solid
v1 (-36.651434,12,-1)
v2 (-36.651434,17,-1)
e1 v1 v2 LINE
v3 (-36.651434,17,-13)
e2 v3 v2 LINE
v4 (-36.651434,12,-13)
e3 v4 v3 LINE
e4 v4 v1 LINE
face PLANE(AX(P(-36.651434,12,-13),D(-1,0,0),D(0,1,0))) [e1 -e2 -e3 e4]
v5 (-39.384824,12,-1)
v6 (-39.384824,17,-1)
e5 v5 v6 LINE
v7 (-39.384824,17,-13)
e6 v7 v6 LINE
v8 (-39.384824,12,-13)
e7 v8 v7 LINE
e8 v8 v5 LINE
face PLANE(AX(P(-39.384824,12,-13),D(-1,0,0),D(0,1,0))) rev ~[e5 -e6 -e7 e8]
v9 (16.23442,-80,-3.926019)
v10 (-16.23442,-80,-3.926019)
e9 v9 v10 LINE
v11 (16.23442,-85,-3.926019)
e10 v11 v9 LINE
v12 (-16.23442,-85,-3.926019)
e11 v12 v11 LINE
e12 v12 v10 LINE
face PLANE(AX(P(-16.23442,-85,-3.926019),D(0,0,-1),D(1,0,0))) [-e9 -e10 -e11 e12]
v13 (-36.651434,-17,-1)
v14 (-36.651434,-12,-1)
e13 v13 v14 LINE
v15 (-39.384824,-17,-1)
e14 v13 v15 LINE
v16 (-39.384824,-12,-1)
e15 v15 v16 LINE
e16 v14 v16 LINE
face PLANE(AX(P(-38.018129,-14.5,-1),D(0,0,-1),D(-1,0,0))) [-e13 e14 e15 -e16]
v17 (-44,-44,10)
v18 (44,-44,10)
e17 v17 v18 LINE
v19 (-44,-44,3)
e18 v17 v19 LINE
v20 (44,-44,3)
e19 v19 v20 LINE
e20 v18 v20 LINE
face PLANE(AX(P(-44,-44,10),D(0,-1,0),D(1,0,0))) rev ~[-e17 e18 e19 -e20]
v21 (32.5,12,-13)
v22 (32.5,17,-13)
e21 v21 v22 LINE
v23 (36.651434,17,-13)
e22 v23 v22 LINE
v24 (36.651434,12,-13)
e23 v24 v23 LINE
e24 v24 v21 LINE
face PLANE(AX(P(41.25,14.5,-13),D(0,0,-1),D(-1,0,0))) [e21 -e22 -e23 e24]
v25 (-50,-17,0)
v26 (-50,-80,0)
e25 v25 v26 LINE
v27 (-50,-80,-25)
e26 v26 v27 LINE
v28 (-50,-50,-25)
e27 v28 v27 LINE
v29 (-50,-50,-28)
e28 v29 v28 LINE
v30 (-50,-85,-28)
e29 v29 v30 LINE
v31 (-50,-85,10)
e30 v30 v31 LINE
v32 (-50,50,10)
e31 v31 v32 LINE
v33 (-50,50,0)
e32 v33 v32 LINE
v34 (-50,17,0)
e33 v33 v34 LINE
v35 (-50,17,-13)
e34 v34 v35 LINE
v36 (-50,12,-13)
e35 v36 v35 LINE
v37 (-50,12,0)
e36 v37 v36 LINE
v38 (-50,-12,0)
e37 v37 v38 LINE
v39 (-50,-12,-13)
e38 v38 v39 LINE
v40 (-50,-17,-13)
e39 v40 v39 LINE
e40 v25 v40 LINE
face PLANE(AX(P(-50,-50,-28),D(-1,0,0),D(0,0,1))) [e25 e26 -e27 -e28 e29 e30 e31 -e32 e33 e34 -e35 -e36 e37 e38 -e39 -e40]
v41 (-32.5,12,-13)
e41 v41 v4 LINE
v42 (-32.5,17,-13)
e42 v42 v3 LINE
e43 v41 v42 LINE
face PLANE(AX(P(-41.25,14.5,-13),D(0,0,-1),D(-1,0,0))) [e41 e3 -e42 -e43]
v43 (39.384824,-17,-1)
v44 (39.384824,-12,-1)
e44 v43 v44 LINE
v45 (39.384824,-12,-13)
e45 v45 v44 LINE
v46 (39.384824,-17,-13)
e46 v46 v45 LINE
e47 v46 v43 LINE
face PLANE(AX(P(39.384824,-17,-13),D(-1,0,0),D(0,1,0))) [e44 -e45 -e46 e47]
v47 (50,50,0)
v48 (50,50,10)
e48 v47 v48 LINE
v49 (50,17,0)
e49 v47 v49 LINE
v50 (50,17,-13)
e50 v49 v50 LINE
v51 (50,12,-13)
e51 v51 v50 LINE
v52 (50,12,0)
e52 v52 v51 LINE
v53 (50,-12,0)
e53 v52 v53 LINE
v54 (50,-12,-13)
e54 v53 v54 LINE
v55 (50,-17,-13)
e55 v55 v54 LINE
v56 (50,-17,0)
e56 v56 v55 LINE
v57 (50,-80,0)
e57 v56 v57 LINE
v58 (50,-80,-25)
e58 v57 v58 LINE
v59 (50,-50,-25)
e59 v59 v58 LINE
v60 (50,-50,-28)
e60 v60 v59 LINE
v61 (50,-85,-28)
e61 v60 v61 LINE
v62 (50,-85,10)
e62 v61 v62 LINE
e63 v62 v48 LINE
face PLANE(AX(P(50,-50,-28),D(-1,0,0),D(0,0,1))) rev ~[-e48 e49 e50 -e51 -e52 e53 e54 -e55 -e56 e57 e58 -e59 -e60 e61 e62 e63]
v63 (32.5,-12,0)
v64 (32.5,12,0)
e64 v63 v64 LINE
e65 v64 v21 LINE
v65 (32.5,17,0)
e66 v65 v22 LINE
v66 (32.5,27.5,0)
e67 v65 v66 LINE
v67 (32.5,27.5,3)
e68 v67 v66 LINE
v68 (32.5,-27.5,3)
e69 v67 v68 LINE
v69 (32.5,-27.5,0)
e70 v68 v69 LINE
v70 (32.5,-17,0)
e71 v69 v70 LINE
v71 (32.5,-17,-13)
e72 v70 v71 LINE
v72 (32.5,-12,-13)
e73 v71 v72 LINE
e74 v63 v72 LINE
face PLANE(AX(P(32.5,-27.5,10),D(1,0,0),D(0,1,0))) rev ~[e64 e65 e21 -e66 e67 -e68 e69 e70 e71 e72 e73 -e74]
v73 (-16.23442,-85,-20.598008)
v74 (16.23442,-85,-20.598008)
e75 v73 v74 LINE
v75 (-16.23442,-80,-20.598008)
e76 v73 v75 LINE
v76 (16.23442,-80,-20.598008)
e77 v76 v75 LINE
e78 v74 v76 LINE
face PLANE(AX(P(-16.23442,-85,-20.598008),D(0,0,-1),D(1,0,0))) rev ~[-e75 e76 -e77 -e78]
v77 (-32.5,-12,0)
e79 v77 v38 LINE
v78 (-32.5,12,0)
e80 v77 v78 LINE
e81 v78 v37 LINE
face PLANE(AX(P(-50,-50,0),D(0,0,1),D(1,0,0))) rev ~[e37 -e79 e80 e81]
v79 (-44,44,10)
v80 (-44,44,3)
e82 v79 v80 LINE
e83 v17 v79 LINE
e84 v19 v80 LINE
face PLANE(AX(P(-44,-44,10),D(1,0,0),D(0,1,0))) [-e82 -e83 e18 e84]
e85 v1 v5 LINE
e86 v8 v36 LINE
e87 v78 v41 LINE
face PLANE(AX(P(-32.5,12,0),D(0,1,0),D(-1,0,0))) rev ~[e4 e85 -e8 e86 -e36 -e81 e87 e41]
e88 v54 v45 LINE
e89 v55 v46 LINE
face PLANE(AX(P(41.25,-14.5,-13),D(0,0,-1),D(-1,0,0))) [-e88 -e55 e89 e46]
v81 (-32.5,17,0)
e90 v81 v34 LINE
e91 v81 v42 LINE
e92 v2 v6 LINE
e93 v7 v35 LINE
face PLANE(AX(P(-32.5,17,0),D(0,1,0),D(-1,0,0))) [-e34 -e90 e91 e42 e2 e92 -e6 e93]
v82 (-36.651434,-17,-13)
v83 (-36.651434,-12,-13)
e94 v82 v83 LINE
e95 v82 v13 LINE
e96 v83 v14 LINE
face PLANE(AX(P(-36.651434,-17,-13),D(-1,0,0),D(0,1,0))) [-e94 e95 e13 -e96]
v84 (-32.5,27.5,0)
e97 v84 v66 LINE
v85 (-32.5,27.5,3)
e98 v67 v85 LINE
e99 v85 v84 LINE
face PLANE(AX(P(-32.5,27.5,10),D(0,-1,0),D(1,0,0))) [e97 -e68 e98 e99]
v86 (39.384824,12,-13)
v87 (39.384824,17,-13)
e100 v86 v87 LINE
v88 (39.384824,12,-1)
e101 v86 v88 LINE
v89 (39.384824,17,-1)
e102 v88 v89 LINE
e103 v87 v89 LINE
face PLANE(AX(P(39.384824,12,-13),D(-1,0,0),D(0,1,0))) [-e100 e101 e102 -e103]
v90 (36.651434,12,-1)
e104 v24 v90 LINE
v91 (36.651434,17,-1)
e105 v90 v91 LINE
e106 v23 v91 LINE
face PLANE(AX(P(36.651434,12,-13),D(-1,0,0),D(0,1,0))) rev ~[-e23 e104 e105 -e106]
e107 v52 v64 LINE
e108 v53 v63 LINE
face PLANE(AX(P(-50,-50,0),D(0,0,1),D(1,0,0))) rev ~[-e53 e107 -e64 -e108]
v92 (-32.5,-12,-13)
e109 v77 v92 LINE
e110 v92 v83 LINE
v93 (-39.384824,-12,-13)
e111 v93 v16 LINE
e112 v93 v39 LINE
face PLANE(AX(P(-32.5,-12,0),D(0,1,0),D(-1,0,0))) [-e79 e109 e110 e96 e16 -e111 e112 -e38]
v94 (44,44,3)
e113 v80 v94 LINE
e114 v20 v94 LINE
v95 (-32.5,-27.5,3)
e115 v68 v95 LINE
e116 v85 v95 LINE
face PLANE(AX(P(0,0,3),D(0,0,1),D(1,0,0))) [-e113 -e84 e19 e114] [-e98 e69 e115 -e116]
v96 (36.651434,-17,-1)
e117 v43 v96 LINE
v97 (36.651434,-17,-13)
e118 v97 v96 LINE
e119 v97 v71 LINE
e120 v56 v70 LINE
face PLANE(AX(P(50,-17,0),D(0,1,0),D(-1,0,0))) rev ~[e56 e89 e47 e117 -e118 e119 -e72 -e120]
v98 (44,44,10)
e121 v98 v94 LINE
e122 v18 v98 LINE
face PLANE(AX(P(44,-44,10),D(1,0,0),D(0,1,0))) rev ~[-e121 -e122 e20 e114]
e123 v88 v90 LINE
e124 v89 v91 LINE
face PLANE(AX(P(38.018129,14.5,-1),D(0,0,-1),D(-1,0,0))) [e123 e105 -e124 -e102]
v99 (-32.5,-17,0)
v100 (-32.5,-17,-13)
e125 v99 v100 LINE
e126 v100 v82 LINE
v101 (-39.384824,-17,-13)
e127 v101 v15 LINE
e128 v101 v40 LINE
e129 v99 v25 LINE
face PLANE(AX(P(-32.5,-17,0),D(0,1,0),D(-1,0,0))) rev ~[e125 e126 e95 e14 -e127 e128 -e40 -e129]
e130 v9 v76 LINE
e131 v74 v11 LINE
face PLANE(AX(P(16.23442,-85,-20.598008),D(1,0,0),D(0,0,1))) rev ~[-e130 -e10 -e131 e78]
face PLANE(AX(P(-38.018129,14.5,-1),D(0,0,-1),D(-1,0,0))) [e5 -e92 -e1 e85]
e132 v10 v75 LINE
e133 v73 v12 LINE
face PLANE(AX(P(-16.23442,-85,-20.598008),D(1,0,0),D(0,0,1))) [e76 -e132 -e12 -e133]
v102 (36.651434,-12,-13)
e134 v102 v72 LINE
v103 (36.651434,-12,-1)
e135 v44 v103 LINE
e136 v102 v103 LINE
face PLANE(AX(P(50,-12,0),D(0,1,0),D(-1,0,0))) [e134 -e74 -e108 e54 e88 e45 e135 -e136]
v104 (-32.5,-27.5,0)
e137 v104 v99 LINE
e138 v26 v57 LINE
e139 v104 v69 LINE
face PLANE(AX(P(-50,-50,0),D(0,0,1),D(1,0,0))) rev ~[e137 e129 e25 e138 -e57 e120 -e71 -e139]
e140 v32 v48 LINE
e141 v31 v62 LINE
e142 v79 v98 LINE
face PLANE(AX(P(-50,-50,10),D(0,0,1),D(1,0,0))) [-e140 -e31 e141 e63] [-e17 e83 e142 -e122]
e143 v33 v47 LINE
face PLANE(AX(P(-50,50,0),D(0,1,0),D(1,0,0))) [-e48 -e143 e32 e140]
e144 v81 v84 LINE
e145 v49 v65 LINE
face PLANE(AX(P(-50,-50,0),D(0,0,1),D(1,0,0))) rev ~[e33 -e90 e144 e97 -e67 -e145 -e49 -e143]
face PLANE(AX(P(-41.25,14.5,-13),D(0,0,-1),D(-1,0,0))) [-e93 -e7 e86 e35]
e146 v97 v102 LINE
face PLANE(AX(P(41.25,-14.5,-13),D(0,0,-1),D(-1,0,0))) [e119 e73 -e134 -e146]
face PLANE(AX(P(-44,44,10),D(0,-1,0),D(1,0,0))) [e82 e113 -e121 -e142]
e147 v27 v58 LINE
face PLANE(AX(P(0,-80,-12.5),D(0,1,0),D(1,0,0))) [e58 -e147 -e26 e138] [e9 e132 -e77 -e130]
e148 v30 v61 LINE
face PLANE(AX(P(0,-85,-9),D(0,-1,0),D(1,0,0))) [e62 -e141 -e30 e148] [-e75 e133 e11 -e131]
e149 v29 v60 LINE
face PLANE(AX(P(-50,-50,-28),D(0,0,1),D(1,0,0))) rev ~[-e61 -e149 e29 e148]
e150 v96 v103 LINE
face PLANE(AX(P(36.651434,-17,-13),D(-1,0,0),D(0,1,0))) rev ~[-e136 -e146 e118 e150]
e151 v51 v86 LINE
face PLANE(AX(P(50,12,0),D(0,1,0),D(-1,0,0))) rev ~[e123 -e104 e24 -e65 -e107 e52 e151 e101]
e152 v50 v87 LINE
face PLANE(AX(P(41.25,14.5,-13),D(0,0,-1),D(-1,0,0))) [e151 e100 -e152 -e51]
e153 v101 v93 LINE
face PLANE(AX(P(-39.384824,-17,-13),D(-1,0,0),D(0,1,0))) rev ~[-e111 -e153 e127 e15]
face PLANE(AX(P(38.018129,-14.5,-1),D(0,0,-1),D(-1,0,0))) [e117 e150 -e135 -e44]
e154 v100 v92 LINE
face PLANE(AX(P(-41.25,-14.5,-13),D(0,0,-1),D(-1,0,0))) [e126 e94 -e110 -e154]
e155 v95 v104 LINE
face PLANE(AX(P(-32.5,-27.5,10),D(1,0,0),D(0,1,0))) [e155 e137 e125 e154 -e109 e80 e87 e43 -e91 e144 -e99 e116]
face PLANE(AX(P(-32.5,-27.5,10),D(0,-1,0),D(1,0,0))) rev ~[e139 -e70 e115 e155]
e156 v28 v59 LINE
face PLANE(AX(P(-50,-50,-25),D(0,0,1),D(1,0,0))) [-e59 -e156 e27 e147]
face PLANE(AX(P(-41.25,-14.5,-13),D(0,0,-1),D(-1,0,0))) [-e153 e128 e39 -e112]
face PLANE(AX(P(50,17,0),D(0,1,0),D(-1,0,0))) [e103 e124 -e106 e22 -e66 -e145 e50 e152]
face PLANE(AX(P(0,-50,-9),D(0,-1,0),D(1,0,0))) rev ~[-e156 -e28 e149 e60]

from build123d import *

# Parameters (mm, degrees)
SKETCH_1_W          = 100
SKETCH_1_H          = 100
EXTRUDE_1_DEPTH     = 10
SKETCH_2_W          = 65
SKETCH_2_H          = 55
CUT_EXTRUDE_1_DEPTH = 11
SKETCH_3_W          = 88
SKETCH_3_H          = 88
CUT_EXTRUDE_2_DEPTH = 7
SKETCH_4_W          = 100
SKETCH_4_H          = 38
EXTRUDE_2_DEPTH     = 35
SKETCH_8_W          = 100
SKETCH_8_H          = 25
CUT_EXTRUDE_3_DEPTH = 30
SKETCH_9_W          = 17.5
SKETCH_9_H          = 5
EXTRUDE_3_DEPTH     = 13
SKETCH_10_W         = 2.733389199
SKETCH_10_H         = 5
CUT_EXTRUDE_5_DEPTH = 12
SKETCH_11_W         = 32.468839848
SKETCH_11_H         = 16.671988928
CUT_EXTRUDE_6_DEPTH = 12


with BuildPart() as part:
    # 草图1 → 凸台-拉伸1 (new body)
    with BuildSketch(Plane.XY):
        Rectangle(SKETCH_1_W, SKETCH_1_H)
    extrude(amount=EXTRUDE_1_DEPTH)

    # 草图2 → 切除-拉伸1 (cut, through all)
    with BuildSketch(Plane.XY.offset(10)):
        Rectangle(SKETCH_2_W, SKETCH_2_H)
    extrude(amount=-CUT_EXTRUDE_1_DEPTH, mode=Mode.SUBTRACT)

    # 草图3 → 切除-拉伸2 (cut)
    with BuildSketch(Plane.XY.offset(10)):
        Rectangle(SKETCH_3_W, SKETCH_3_H)
    extrude(amount=-CUT_EXTRUDE_2_DEPTH, mode=Mode.SUBTRACT)

    # 草图4 → 凸台-拉伸2 (add)
    with BuildSketch(Plane.XZ.offset(50)):
        with Locations((0, -9)):
            Rectangle(SKETCH_4_W, SKETCH_4_H)
    extrude(amount=EXTRUDE_2_DEPTH)

    # 草图8 → 切除-拉伸3 (cut)
    with BuildSketch(Plane(origin=(0, -50, 0), x_dir=(1, 0, 0), z_dir=(0, 1, 0))):
        with Locations((0, 12.5)):
            Rectangle(SKETCH_8_W, SKETCH_8_H)
    extrude(amount=-CUT_EXTRUDE_3_DEPTH, mode=Mode.SUBTRACT)

    # 草图9 → 凸台-拉伸3 (add)
    with BuildSketch(Plane(origin=(0, 0, 0), x_dir=(-1, 0, 0), z_dir=(0, 0, -1))):
        with Locations((-41.25, 14.5)):
            Rectangle(SKETCH_9_W, SKETCH_9_H)
        with Locations((-41.25, -14.5)):
            Rectangle(SKETCH_9_W, SKETCH_9_H)
        with Locations((41.25, 14.5)):
            Rectangle(SKETCH_9_W, SKETCH_9_H)
        with Locations((41.25, -14.5)):
            Rectangle(SKETCH_9_W, SKETCH_9_H)
    extrude(amount=EXTRUDE_3_DEPTH)

    # 草图10 → 切除-拉伸5 (cut)
    with BuildSketch(Plane(origin=(0, 0, -13), x_dir=(-1, 0, 0), z_dir=(0, 0, -1))):
        with Locations((-38.018129079, 14.5)):
            Rectangle(SKETCH_10_W, SKETCH_10_H)
        with Locations((-38.018129079, -14.5)):
            Rectangle(SKETCH_10_W, SKETCH_10_H)
        with Locations((38.018129079, -14.5)):
            Rectangle(SKETCH_10_W, SKETCH_10_H)
        with Locations((38.018129079, 14.5)):
            Rectangle(SKETCH_10_W, SKETCH_10_H)
    extrude(amount=-CUT_EXTRUDE_5_DEPTH, mode=Mode.SUBTRACT)

    # 草图11 → 切除-拉伸6 (cut)
    with BuildSketch(Plane.XZ.offset(85)):
        with Locations((0, -12.262013559)):
            Rectangle(SKETCH_11_W, SKETCH_11_H)
    extrude(amount=-CUT_EXTRUDE_6_DEPTH, mode=Mode.SUBTRACT)


solid = part.part
